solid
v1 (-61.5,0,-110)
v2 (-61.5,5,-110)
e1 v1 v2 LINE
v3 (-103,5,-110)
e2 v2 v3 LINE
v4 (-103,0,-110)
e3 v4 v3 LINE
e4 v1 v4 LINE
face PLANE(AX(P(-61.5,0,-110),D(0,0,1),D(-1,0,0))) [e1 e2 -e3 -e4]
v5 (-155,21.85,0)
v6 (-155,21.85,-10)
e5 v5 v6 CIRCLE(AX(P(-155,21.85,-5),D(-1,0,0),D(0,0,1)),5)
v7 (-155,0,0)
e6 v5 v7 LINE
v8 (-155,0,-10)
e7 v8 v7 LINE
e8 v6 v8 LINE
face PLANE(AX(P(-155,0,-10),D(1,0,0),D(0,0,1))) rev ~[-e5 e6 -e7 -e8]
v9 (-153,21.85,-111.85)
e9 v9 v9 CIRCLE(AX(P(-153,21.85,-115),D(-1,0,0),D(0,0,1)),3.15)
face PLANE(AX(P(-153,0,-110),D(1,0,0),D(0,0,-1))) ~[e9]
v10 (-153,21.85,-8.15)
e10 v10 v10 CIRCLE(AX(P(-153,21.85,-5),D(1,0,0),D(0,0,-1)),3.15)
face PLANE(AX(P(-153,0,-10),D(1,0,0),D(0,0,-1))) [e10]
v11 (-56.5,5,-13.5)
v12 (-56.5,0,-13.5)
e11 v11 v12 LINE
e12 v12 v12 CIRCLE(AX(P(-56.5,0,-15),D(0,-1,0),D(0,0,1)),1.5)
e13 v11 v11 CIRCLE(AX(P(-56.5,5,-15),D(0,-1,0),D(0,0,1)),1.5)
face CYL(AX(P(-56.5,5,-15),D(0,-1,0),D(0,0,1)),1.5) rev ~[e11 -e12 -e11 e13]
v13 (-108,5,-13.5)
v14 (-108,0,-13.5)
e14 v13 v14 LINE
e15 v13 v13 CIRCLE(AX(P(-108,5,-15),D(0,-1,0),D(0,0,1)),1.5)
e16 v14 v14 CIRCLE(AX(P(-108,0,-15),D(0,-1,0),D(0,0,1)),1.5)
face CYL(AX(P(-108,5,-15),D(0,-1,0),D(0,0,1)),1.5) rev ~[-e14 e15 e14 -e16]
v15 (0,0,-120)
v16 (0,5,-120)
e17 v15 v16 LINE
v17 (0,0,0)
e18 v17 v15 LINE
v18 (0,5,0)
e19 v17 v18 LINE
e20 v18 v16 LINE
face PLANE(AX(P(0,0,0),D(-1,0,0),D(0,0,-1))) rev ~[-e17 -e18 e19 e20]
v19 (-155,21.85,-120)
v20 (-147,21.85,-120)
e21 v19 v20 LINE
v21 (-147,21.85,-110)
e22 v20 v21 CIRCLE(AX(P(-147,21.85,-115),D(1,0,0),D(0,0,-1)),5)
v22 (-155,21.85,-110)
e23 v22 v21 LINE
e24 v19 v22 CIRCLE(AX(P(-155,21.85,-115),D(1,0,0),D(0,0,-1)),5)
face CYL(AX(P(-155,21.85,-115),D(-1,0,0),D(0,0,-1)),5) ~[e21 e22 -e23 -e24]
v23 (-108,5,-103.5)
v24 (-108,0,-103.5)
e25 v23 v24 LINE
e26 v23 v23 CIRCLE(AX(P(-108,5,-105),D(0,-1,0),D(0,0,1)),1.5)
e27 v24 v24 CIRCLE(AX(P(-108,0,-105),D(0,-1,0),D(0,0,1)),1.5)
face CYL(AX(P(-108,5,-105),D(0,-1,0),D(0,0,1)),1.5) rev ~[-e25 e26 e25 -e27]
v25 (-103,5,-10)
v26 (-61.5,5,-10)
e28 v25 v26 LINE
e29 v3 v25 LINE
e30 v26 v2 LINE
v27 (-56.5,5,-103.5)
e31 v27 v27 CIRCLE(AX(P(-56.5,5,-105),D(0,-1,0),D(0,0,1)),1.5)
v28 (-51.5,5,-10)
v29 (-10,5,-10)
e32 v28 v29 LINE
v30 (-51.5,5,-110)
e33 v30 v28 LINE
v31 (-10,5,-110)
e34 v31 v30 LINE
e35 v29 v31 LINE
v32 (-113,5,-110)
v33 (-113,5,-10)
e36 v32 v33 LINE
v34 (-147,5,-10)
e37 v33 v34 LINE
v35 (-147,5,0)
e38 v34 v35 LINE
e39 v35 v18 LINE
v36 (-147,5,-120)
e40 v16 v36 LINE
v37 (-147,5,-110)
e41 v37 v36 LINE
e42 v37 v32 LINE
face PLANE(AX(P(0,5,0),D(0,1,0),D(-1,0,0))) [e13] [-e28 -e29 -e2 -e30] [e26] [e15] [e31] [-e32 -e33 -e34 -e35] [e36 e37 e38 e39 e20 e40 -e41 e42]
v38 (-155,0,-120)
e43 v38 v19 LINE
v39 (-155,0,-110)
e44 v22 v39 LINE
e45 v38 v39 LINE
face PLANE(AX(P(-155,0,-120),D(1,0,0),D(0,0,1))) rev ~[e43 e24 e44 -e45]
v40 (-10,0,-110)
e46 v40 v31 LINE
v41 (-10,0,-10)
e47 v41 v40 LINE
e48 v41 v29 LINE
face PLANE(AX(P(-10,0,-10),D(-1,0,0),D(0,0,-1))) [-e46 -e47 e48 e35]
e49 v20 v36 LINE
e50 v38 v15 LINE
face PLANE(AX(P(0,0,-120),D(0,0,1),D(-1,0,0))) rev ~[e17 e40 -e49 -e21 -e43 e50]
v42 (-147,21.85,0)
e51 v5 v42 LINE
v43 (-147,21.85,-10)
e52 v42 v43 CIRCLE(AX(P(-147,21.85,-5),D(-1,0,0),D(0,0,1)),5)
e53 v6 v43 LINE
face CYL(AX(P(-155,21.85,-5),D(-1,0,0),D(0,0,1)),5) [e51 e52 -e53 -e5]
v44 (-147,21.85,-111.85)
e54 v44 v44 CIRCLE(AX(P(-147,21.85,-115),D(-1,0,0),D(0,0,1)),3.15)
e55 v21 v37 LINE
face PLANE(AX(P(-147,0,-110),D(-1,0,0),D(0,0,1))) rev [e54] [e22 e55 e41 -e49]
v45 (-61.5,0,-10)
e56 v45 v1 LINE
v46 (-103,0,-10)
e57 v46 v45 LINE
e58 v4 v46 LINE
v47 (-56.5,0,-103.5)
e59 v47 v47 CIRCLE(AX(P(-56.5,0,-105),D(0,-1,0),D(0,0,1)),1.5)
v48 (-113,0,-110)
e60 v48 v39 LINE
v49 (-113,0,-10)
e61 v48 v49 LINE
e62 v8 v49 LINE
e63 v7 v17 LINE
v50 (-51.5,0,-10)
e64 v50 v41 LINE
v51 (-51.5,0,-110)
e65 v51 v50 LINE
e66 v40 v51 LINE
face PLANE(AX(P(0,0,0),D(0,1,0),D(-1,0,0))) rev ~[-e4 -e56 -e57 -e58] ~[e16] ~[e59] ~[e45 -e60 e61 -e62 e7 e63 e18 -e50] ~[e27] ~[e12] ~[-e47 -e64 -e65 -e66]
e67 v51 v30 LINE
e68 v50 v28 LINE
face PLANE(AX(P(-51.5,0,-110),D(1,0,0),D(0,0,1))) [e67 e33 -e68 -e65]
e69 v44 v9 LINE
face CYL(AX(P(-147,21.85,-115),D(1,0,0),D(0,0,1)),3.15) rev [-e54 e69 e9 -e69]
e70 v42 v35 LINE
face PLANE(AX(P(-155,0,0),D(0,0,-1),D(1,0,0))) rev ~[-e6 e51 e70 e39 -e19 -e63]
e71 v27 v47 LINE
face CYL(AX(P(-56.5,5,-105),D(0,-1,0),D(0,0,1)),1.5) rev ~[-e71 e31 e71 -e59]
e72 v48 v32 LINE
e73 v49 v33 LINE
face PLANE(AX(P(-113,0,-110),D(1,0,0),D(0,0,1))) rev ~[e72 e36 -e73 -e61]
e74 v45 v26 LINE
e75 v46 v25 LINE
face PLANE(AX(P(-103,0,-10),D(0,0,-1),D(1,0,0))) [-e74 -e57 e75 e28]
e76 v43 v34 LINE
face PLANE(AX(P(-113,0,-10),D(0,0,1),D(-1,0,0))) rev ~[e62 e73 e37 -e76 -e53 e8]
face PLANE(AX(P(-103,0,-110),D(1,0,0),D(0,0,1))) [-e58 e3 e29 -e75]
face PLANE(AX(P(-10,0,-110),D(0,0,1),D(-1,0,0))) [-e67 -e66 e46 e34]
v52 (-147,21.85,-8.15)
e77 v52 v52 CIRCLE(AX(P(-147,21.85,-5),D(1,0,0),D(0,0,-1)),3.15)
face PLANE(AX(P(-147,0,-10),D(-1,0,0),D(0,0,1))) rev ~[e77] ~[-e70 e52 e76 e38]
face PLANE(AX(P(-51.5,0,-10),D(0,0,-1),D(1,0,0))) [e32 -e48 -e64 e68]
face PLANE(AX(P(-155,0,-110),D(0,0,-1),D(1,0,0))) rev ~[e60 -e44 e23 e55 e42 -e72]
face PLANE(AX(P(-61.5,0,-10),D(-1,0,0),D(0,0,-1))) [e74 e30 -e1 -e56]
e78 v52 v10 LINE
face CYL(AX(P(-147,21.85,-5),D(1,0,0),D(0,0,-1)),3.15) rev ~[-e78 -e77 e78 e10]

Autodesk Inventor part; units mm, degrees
ref_plane "YZ Plane" through (0, 0, 0) normal (1, 0, 0) x (0, 1, 0)
ref_plane "XZ Plane" through (0, 0, 0) normal (0, 1, 0) x (-1, 0, 0)
sketch "Sketch1" plane through (0, 0, 0) normal (0, 1, 0) x (-1, 0, 0)
  line L0 (0, 0) -> (0, -120)
  line L1 (0, -120) -> (155, -120)
  line L2 (155, -120) -> (155, -110)
  line L3 (155, -110) -> (113, -110)
  line L4 (113, -110) -> (113, -10)
  line L5 (113, -10) -> (155, -10)
  line L6 (155, -10) -> (155, 0)
  line L7 (155, 0) -> (0, 0)
  line L8 (103, -10) -> (61.5, -10)
  line L9 (61.5, -10) -> (61.5, -110)
  line L10 (61.5, -110) -> (103, -110)
  line L11 (103, -110) -> (103, -10)
  line L12 (51.5, -10) -> (10, -10)
  line L13 (10, -10) -> (10, -110)
  line L14 (10, -110) -> (51.5, -110)
  line L15 (51.5, -110) -> (51.5, -10)
  dimension "d1" = 155
  dimension "d2" = 10
  dimension "d3" = 120
  dimension "d4" = 10
  dimension "d5" = 10
  dimension "d6" = 10
  dimension "d16" = 41.5
extrude "Extrusion1" add sketch "Sketch1" along normal blind 5
sketch "Sketch2" plane through (-155, 0, -10) normal (-1, 0, 0) x (0, 0, 1)
  line L0 (0, 0) -> (0, 5) projected
  line L1 (0, 0) -> (10, 0)
  line L2 (10, 0) -> (10, 21.85)
  line L3 (10, 21.85) -> (0, 21.85)
  line L4 (0, 21.85) -> (0, 0)
  circle A0 centre (5, 21.85) radius 3.15
  arc A1 (10, 21.85) -> (0, 21.85) centre (5, 21.85) ccw
  line L5 (10, 0) -> (10, 5) projected
  point P0 (0, 5)
  dimension "d9" = 21.85
  dimension "d10" = 6.3
extrude "Extrusion2" add sketch "Sketch2" against normal blind 8
sketch "Sketch3" plane through (-147, 0, -10) normal (1, 0, 0) x (0, 0, -1)
  arc A0 (0, 21.85) -> (-10, 21.85) centre (-5, 21.85) ccw projected
  circle A1 centre (-5, 21.85) radius 3.15
  point P0 (-10, 0)
  dimension "d13" = 6.3
extrude "Extrusion3" cut sketch "Sketch3" against normal blind 6
ref_plane "Work Plane1" through (-155, 0, -60) normal (0, 0, 1) x (1, 0, 0)
mirror "Mirror1" about plane through (-155, 0, -60) normal (0, 0, 1) of "Extrusion2", "Extrusion3"
sketch "Sketch4" plane through (0, 5, 0) normal (0, 1, 0) x (1, 0, 0)
  line L0 (-113, 110) -> (-113, 10) projected
  line L1 (-147, 0) -> (0, 0) projected
  point P0 (-108, 15)
  point P1 (-56.5, 15)
  point P2 (-108, 105)
  point P3 (-56.5, 105)
  dimension "d17" = 5
  dimension "d18" = 15
  dimension "d21" = 51.5
  dimension "d24" = 90
hole "Hole1" at (-108, 5, -15) at (-56.5, 5, -15) at (-108, 5, -105) at (-56.5, 5, -105) direction (0, -1, 0) diameter 3 end through all
equation "\"d1\" = table_base_length"
equation "\"d2\" = table_base_web_width"
equation "\"d3\" = table_base_width"
equation "\"d4\" = table_base_web_width"
equation "\"d5\" = table_base_web_width"
equation "\"d6\" = table_base_web_width"
equation "\"d7\" = table_base_thickness"
equation "\"d10\" = rod_diameter + rod_tolerance"
equation "\"d11\" = table_base_rod_holder_thickness"
equation "\"d13\" = rod_diameter + rod_tolerance"
equation "\"d14\" = 0.75 * table_base_rod_holder_thickness"
equation "\"d17\" = 0.5 * table_base_web_width"
equation "\"d18\" = 1.5 * table_base_web_width"
equation "\"d24\" = table_base_width - 3 * table_base_web_width"
equation "\"d27\" = screw_diameter"
equation "\"table_base_length\" = 155"
equation "\"table_base_width\" = 120"
equation "\"table_base_thickness\" = 5"
equation "\"table_base_web_width\" = 10"
equation "\"table_base_rod_height\" = 25"
equation "\"rod_diameter\" = 6"
equation "\"rod_tolerance\" = 0.3"
equation "\"table_base_rod_holder_thickness\" = 8"
equation "\"screw_diameter\" = 3"
properties part number "table_base"
